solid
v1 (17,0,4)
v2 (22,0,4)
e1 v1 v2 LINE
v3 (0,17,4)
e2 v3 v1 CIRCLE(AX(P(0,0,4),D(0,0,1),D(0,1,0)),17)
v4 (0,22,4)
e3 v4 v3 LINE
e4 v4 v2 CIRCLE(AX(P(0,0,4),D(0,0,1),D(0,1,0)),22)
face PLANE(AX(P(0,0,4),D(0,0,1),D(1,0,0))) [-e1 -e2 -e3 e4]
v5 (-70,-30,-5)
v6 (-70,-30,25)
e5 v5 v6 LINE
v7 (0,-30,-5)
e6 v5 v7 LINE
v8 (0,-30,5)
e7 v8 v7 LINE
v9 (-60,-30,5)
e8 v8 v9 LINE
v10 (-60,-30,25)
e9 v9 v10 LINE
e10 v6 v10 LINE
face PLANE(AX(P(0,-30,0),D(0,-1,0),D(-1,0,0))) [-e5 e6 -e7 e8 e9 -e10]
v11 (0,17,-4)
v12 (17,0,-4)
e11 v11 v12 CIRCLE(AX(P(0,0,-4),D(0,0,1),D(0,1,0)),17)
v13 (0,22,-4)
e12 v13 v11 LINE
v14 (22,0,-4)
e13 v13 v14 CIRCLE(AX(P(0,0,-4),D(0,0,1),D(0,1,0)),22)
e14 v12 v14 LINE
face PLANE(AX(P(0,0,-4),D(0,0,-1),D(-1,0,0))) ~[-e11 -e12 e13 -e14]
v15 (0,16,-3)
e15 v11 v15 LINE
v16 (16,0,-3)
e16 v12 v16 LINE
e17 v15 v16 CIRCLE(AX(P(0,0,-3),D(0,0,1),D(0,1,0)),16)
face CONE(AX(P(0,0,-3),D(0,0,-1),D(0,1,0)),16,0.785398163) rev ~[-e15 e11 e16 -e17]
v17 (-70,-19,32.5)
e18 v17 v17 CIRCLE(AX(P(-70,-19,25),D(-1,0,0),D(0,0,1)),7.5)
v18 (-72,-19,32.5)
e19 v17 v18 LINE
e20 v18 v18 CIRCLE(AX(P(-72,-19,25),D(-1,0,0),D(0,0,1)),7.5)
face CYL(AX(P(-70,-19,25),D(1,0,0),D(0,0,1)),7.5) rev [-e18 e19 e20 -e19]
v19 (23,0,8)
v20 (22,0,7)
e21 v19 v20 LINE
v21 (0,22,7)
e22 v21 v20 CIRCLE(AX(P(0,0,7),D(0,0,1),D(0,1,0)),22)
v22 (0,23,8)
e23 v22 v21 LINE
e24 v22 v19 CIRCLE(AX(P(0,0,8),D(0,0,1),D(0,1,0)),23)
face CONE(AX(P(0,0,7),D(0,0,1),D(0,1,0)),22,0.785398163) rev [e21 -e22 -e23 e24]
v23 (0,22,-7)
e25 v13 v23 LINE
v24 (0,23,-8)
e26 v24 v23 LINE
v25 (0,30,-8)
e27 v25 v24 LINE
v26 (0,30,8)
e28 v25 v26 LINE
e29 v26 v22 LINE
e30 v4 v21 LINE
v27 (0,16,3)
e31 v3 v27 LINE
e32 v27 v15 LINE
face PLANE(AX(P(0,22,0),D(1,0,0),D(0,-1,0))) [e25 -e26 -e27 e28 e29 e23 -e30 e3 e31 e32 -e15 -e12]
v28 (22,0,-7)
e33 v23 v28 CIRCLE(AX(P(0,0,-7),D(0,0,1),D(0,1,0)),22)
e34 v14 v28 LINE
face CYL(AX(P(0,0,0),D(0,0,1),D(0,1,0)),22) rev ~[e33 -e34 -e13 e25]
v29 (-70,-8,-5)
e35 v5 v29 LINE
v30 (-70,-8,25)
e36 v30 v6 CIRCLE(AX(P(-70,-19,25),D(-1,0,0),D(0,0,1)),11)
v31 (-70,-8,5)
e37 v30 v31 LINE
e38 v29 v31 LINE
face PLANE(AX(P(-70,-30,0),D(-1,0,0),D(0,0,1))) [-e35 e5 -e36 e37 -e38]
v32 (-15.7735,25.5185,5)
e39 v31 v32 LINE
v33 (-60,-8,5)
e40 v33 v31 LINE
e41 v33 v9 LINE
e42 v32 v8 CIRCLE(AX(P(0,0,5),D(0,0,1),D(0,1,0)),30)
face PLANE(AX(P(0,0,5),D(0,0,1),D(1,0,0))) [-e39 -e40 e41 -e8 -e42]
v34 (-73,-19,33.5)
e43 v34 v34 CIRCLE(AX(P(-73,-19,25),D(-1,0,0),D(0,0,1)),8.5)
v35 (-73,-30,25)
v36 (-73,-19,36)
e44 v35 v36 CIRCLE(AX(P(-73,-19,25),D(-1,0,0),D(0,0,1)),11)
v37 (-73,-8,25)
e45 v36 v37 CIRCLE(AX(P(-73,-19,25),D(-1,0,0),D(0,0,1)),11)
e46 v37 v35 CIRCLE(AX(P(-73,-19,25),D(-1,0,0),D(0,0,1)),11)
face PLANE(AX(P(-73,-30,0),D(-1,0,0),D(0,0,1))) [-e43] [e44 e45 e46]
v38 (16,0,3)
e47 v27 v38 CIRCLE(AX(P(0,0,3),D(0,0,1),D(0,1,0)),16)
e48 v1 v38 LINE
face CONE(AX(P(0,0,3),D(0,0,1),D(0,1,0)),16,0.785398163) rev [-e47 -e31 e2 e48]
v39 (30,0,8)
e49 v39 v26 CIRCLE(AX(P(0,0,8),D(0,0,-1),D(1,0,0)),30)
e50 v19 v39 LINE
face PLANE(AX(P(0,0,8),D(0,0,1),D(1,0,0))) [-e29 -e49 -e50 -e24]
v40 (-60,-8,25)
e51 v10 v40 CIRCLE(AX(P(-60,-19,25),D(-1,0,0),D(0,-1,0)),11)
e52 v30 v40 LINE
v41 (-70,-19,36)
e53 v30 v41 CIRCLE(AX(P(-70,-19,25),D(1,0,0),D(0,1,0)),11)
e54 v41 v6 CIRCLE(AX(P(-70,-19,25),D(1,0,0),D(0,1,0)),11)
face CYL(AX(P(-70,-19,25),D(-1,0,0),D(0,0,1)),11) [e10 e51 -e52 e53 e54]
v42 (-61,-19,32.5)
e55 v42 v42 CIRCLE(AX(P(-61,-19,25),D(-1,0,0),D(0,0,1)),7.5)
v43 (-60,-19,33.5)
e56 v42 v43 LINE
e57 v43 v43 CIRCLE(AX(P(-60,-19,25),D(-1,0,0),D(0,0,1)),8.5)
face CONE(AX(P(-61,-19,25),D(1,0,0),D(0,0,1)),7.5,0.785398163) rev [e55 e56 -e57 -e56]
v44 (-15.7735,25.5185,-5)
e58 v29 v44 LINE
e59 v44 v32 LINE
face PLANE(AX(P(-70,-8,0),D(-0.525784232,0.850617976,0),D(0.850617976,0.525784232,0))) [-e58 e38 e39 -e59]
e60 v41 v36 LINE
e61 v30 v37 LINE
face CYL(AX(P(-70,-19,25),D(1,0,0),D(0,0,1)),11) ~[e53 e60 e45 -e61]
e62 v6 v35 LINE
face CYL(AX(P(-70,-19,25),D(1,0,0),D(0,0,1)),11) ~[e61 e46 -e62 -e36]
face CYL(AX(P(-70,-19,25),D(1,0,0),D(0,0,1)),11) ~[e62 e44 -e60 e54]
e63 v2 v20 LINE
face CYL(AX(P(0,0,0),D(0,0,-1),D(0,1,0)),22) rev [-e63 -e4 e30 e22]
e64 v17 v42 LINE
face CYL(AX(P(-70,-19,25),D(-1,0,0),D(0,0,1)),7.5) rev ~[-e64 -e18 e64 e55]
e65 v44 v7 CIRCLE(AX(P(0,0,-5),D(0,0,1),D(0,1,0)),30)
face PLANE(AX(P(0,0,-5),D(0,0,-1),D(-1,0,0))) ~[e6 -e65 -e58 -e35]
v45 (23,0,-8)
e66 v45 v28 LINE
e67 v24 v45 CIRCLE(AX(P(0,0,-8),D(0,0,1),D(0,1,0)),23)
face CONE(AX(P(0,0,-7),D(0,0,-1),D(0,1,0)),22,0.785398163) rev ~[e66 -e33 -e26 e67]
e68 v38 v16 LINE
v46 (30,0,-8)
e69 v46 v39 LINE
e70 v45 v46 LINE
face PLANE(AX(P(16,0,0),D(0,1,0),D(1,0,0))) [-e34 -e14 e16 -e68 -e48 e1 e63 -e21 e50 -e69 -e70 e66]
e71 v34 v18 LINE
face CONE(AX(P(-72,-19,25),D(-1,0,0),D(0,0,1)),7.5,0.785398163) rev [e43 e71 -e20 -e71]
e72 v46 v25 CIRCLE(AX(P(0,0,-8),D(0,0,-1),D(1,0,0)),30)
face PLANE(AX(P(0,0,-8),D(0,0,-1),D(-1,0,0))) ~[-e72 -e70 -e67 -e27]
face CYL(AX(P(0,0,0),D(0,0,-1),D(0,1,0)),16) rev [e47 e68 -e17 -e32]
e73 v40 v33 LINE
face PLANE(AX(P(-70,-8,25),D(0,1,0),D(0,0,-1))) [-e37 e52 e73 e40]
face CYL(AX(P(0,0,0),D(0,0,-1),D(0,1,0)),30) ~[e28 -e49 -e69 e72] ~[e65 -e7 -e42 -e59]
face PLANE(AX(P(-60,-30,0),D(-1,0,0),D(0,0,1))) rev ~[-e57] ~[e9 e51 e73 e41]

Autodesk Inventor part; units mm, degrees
ref_plane "YZ Plane" through (0, 0, 0) normal (1, 0, 0) x (0, 1, 0)
ref_plane "XZ Plane" through (0, 0, 0) normal (0, 1, 0) x (-1, 0, 0)
ref_plane "XY Plane" through (0, 0, 0) normal (0, 0, 1) x (1, 0, 0)
sketch "스케치1" plane through (0, 0, 0) normal (0, 0, 1) x (1, 0, 0)
  arc A0 (0, 16) -> (16, 0) centre (0, 0) ccw
  arc A1 (0, 22) -> (22, 0) centre (0, 0) ccw
  arc A2 (0, 30) -> (30, 0) centre (0, 0) ccw
  line L0 (0, -30) -> (-70, -30)
  line L1 (-70, -30) -> (-70, -8)
  line L2 (-70, -8) -> (-15.7735, 25.5185)
  line L3 (0, -30) -> (0, 30) construction
  line L4 (-30, 0) -> (30, 0) construction
  line L5 (0, 30) -> (0, 16)
  line L6 (16, 0) -> (30, 0)
  point P0 (0, 22)
  point P1 (22, 0)
  dimension "d0" = 32
  dimension "d1" = 44
  dimension "d2" = 60
  dimension "d3" = 70
  dimension "d4" = 22
extrude "돌출1" add sketch "스케치1" along normal blind 4 contours A0 L6 A1 L5
extrude "돌출2" add sketch "스케치1" along normal blind 8 contours A1 L6 A2 L5
extrude "돌출3" add sketch "스케치1" along normal blind 5 contours A2 L0 L1 L2
chamfer "모따기1" distance 1 angle 45 1 edges at (-15.5563, -15.5563, 8)
chamfer "모따기2" distance 1 angle 45 1 edges at (-11.3137, -11.3137, 4)
mirror "미러1" about plane through (0, 0, 0) normal (0, 0, -1)
ref_plane "작업 평면1" through (-70, -30, 0) normal (-1, 0, 0) x (0, 0, 1)
sketch "스케치2" plane through (-70, -30, 0) normal (-1, 0, 0) x (0, 0, 1)
  line L0 (-5, 0) -> (-5, 55.5185) projected
  line L1 (-5, 0) -> (25, 0)
  circle A0 centre (25, 11) radius 7.5
  circle A1 centre (25, 11) radius 11
  line L2 (25, 22) -> (-5, 22)
  line L3 (-5, 22) -> (-5, 0) projected
  line L4 (25, 0) -> (25, 22) construction
  point P0 (0, 30)
  dimension "d17" = 30
  dimension "d21" = 11
  dimension "d22" = 15
  dimension "d23" = 22
extrude "돌출4" add sketch "스케치2" against normal blind 10 contours L0 L2 A1 L1
extrude "돌출5" add sketch "스케치2" against normal blind 10 contours A1
extrude "돌출6" add sketch "스케치2" along normal blind 3 contours A1
chamfer "모따기3" distance 1 angle 45 1 edges at (-73, -19, 17.5)
chamfer "모따기4" distance 1 angle 45 1 edges at (-60, -19, 17.5)
properties part number "Day02_Task02"
